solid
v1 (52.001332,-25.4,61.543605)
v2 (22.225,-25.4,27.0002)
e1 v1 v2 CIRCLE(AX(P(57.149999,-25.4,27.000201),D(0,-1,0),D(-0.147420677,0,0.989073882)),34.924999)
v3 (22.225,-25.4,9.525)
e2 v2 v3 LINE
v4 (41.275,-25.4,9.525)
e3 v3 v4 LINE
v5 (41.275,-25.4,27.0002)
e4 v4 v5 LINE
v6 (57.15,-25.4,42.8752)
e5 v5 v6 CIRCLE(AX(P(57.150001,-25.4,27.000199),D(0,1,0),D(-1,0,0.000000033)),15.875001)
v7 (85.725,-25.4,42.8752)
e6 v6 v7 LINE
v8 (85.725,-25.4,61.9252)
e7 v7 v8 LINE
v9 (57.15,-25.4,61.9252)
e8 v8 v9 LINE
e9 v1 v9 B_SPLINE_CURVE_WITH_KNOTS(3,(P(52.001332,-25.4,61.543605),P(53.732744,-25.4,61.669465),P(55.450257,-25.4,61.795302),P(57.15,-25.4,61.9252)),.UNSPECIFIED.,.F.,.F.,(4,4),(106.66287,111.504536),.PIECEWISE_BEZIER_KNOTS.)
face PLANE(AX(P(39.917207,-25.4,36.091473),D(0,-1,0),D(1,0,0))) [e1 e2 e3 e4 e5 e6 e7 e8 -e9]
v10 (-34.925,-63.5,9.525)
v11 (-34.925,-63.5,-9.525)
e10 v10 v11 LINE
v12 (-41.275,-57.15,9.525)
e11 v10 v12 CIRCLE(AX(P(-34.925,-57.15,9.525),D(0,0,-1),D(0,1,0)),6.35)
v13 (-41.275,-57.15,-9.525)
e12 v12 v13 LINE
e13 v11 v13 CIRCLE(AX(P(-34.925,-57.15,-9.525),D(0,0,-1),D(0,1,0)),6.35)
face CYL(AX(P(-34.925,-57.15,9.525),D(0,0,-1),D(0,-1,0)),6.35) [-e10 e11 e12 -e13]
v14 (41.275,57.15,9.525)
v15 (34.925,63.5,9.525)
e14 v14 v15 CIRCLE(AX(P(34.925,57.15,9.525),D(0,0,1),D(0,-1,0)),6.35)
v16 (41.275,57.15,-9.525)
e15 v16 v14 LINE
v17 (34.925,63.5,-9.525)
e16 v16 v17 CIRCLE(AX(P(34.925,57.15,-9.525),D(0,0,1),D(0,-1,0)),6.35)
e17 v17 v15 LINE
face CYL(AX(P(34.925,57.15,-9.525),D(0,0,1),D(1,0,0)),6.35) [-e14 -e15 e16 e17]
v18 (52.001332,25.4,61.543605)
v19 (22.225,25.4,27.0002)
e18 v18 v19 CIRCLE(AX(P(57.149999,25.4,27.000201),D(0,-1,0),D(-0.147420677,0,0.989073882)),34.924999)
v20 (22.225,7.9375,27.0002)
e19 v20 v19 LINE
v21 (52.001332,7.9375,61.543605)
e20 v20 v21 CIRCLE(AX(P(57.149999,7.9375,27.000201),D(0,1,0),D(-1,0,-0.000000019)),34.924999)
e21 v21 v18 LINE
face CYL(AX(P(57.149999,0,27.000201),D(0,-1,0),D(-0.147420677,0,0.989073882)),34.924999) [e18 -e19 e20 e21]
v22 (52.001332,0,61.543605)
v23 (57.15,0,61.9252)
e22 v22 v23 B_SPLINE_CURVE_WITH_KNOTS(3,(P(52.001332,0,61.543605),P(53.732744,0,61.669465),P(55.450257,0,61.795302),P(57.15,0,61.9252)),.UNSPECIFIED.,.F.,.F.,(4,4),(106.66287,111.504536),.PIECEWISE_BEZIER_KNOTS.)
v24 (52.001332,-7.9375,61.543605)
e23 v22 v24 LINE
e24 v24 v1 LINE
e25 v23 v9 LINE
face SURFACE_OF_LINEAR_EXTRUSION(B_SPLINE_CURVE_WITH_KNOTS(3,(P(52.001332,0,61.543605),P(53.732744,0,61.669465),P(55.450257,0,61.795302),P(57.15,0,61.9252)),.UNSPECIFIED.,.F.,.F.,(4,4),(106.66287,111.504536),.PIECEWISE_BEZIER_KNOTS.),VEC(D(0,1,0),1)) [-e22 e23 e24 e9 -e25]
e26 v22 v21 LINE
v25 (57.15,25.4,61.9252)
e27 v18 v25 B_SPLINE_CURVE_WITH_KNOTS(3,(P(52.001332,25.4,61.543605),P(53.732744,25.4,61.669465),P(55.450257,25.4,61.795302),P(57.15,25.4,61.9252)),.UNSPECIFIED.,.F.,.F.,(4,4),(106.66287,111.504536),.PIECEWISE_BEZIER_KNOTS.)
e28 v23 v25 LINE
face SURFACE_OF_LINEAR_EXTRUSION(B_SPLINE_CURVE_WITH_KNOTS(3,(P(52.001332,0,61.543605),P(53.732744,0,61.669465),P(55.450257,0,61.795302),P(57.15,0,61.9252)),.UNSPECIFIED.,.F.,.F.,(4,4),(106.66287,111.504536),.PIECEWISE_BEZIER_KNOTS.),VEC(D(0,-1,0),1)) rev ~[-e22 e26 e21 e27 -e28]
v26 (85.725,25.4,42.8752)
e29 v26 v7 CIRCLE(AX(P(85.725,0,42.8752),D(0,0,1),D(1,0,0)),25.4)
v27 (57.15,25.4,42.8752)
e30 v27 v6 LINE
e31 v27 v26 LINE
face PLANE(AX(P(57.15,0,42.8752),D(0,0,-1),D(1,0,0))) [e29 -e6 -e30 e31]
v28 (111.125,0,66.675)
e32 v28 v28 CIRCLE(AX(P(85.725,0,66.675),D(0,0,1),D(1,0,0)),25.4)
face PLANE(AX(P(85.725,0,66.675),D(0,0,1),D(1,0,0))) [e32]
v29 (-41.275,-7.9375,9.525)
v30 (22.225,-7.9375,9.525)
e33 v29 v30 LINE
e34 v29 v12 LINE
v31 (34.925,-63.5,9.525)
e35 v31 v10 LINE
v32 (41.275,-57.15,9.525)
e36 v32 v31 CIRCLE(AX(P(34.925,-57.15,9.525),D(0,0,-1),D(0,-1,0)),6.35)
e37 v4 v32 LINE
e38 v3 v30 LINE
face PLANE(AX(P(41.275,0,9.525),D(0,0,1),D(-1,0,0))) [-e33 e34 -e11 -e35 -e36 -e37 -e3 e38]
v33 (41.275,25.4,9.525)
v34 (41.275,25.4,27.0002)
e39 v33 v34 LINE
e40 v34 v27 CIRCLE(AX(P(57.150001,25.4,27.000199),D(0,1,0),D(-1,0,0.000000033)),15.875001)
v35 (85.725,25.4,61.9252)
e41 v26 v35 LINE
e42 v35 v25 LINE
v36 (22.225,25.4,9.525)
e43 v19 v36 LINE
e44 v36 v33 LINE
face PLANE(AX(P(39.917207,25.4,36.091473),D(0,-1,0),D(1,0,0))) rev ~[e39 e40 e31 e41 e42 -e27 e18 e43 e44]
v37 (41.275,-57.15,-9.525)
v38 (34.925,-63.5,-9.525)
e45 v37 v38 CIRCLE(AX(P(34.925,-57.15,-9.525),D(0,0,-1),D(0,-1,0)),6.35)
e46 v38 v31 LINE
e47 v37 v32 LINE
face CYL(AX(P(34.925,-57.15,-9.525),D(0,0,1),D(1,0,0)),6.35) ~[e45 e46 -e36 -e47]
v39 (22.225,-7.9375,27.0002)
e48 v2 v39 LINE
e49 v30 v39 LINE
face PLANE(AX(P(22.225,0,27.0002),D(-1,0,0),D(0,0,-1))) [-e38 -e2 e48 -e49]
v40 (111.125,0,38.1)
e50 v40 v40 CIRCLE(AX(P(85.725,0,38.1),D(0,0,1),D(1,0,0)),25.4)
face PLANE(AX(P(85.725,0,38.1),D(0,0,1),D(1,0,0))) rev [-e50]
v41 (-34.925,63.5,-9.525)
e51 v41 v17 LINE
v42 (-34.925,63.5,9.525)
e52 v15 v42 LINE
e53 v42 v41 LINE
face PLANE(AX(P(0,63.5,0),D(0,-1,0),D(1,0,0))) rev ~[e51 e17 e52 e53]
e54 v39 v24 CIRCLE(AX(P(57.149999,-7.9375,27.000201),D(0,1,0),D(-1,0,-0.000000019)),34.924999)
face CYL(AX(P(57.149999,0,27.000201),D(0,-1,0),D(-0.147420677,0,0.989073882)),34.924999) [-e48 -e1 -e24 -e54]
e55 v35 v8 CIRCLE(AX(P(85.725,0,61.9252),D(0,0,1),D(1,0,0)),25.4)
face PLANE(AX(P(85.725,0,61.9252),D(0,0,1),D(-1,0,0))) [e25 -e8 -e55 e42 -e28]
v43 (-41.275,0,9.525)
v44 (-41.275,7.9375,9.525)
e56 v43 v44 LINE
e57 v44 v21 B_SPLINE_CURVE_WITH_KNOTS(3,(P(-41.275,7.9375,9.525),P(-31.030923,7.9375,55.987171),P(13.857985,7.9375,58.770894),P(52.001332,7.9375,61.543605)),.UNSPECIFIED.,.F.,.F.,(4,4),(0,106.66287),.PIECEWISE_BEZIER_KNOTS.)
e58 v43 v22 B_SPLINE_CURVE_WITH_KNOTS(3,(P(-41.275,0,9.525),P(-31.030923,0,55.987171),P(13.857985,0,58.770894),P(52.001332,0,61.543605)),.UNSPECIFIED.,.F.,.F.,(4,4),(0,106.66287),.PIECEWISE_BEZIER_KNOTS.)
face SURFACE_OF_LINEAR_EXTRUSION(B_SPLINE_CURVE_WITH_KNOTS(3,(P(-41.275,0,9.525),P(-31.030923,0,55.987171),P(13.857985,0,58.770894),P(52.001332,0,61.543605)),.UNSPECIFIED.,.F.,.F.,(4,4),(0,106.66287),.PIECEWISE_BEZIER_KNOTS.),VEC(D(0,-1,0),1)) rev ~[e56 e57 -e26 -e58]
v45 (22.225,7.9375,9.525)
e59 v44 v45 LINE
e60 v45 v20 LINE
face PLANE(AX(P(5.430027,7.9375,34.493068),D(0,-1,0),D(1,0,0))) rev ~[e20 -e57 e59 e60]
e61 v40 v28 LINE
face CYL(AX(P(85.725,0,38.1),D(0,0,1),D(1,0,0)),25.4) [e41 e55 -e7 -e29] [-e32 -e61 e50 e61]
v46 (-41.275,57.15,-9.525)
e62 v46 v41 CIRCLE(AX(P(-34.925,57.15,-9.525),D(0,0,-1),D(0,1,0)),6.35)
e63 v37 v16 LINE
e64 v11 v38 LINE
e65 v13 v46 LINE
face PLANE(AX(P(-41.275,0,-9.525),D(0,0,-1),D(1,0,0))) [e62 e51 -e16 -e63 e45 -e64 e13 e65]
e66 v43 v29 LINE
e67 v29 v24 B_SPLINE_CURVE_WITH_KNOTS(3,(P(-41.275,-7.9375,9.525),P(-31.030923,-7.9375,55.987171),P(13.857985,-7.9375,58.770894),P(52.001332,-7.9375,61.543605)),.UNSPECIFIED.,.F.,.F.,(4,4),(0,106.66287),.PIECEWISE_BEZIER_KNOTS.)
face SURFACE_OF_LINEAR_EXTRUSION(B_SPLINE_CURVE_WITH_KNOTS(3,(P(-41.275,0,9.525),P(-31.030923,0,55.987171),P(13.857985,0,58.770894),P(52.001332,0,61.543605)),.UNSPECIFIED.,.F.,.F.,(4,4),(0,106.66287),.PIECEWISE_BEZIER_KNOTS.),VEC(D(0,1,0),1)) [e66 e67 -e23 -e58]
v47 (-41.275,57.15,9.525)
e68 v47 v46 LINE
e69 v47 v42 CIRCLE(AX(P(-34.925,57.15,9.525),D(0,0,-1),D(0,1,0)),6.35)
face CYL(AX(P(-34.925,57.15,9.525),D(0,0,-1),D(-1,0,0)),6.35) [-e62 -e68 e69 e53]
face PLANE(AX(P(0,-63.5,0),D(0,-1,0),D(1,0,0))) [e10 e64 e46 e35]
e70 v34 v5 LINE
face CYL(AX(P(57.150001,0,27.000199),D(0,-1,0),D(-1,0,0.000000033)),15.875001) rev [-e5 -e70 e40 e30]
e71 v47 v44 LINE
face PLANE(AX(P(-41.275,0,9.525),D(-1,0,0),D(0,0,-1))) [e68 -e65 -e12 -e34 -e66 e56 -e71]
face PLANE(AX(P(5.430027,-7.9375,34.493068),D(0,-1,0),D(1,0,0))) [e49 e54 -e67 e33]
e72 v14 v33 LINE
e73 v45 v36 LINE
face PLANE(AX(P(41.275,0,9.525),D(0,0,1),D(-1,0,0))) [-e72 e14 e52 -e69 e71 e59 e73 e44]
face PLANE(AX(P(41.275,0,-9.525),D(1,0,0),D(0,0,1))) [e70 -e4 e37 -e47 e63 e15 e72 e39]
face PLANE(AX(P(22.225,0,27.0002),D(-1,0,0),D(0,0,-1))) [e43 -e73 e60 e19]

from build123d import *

# Parameters (mm, degrees)
F1_DEPTH = 63.5
F2_DEPTH = 25.4
F3_DEPTH = 7.9375
F5_R     = 6.35


with BuildPart() as f1:
    # F0 (on Front) → F1 (new body, symmetric)
    with BuildSketch(Plane.XZ):
        Polygon((41.275, -9.525), (41.275, 9.525), (22.225, 9.525), (-41.275, 9.525), (-41.275, -9.525), align=None)
    extrude(amount=F1_DEPTH, both=True)

    # F0 (on Front) → F2 (join, symmetric)
    with BuildSketch(Plane.XZ):
        with BuildLine():
            Line((22.225, 9.525), (41.275, 9.525))
            Line((41.275, 9.525), (41.275, 27.0002))
            ThreePointArc((41.275, 27.0002), (45.92468, 38.22552), (57.15, 42.8752))
            Line((57.15, 42.8752), (60.325, 42.8752))
            Line((60.325, 42.8752), (60.325, 61.9252))
            Line((60.325, 61.9252), (57.15, 61.9252))
            add(Edge.make_bspline(
                [(52.001332, 61.543605), (53.732744, 61.669465), (55.450257, 61.795302), (57.15, 61.9252)],
                knots=[106.66287, 106.66287, 106.66287, 106.66287, 111.504536, 111.504536, 111.504536, 111.504536], degree=3))
            ThreePointArc((52.001332, 61.543605), (30.696523, 49.803033), (22.225, 27.0002))
            Line((22.225, 27.0002), (22.225, 9.525))
        make_face()
        Polygon((60.325, 61.9252), (60.325, 42.8752), (73.367334, 42.8752), (85.725, 42.8752), (85.725, 61.9252), (73.367334, 61.9252), align=None)
    extrude(amount=F2_DEPTH, both=True)

    # F0 (on Front) → F3 (join, symmetric)
    with BuildSketch(Plane.XZ):
        with BuildLine():
            Line((-41.275, 9.525), (22.225, 9.525))
            Line((22.225, 9.525), (22.225, 27.0002))
            ThreePointArc((22.225, 27.0002), (30.696523, 49.803033), (52.001332, 61.543605))
            add(Edge.make_bspline(
                [(-41.275, 9.525), (-31.030923, 55.987171), (13.857985, 58.770894), (52.001332, 61.543605)],
                knots=[0, 0, 0, 0, 106.66287, 106.66287, 106.66287, 106.66287], degree=3))
        make_face()
    extrude(amount=F3_DEPTH, both=True)

    # F0 (on Front) → F4 (revolve)
    with BuildSketch(Plane.XZ):
        Polygon((85.725, 42.8752), (85.725, 38.1), (111.125, 38.1), (111.125, 66.675), (85.725, 66.675), (85.725, 61.9252), align=None)
    revolve(axis=Axis((85.725, 0, 52.3875), (0, 0, 1)))

    # F5
    f5_edges = [f1.edges().sort_by_distance(p)[0] for p in [
        (41.275, -63.5, 0),
        (-41.275, -63.5, 0),
        (-41.275, 63.5, 0),
        (41.275, 63.5, 0),
    ]]
    fillet(f5_edges, radius=F5_R)


solid = f1.part
